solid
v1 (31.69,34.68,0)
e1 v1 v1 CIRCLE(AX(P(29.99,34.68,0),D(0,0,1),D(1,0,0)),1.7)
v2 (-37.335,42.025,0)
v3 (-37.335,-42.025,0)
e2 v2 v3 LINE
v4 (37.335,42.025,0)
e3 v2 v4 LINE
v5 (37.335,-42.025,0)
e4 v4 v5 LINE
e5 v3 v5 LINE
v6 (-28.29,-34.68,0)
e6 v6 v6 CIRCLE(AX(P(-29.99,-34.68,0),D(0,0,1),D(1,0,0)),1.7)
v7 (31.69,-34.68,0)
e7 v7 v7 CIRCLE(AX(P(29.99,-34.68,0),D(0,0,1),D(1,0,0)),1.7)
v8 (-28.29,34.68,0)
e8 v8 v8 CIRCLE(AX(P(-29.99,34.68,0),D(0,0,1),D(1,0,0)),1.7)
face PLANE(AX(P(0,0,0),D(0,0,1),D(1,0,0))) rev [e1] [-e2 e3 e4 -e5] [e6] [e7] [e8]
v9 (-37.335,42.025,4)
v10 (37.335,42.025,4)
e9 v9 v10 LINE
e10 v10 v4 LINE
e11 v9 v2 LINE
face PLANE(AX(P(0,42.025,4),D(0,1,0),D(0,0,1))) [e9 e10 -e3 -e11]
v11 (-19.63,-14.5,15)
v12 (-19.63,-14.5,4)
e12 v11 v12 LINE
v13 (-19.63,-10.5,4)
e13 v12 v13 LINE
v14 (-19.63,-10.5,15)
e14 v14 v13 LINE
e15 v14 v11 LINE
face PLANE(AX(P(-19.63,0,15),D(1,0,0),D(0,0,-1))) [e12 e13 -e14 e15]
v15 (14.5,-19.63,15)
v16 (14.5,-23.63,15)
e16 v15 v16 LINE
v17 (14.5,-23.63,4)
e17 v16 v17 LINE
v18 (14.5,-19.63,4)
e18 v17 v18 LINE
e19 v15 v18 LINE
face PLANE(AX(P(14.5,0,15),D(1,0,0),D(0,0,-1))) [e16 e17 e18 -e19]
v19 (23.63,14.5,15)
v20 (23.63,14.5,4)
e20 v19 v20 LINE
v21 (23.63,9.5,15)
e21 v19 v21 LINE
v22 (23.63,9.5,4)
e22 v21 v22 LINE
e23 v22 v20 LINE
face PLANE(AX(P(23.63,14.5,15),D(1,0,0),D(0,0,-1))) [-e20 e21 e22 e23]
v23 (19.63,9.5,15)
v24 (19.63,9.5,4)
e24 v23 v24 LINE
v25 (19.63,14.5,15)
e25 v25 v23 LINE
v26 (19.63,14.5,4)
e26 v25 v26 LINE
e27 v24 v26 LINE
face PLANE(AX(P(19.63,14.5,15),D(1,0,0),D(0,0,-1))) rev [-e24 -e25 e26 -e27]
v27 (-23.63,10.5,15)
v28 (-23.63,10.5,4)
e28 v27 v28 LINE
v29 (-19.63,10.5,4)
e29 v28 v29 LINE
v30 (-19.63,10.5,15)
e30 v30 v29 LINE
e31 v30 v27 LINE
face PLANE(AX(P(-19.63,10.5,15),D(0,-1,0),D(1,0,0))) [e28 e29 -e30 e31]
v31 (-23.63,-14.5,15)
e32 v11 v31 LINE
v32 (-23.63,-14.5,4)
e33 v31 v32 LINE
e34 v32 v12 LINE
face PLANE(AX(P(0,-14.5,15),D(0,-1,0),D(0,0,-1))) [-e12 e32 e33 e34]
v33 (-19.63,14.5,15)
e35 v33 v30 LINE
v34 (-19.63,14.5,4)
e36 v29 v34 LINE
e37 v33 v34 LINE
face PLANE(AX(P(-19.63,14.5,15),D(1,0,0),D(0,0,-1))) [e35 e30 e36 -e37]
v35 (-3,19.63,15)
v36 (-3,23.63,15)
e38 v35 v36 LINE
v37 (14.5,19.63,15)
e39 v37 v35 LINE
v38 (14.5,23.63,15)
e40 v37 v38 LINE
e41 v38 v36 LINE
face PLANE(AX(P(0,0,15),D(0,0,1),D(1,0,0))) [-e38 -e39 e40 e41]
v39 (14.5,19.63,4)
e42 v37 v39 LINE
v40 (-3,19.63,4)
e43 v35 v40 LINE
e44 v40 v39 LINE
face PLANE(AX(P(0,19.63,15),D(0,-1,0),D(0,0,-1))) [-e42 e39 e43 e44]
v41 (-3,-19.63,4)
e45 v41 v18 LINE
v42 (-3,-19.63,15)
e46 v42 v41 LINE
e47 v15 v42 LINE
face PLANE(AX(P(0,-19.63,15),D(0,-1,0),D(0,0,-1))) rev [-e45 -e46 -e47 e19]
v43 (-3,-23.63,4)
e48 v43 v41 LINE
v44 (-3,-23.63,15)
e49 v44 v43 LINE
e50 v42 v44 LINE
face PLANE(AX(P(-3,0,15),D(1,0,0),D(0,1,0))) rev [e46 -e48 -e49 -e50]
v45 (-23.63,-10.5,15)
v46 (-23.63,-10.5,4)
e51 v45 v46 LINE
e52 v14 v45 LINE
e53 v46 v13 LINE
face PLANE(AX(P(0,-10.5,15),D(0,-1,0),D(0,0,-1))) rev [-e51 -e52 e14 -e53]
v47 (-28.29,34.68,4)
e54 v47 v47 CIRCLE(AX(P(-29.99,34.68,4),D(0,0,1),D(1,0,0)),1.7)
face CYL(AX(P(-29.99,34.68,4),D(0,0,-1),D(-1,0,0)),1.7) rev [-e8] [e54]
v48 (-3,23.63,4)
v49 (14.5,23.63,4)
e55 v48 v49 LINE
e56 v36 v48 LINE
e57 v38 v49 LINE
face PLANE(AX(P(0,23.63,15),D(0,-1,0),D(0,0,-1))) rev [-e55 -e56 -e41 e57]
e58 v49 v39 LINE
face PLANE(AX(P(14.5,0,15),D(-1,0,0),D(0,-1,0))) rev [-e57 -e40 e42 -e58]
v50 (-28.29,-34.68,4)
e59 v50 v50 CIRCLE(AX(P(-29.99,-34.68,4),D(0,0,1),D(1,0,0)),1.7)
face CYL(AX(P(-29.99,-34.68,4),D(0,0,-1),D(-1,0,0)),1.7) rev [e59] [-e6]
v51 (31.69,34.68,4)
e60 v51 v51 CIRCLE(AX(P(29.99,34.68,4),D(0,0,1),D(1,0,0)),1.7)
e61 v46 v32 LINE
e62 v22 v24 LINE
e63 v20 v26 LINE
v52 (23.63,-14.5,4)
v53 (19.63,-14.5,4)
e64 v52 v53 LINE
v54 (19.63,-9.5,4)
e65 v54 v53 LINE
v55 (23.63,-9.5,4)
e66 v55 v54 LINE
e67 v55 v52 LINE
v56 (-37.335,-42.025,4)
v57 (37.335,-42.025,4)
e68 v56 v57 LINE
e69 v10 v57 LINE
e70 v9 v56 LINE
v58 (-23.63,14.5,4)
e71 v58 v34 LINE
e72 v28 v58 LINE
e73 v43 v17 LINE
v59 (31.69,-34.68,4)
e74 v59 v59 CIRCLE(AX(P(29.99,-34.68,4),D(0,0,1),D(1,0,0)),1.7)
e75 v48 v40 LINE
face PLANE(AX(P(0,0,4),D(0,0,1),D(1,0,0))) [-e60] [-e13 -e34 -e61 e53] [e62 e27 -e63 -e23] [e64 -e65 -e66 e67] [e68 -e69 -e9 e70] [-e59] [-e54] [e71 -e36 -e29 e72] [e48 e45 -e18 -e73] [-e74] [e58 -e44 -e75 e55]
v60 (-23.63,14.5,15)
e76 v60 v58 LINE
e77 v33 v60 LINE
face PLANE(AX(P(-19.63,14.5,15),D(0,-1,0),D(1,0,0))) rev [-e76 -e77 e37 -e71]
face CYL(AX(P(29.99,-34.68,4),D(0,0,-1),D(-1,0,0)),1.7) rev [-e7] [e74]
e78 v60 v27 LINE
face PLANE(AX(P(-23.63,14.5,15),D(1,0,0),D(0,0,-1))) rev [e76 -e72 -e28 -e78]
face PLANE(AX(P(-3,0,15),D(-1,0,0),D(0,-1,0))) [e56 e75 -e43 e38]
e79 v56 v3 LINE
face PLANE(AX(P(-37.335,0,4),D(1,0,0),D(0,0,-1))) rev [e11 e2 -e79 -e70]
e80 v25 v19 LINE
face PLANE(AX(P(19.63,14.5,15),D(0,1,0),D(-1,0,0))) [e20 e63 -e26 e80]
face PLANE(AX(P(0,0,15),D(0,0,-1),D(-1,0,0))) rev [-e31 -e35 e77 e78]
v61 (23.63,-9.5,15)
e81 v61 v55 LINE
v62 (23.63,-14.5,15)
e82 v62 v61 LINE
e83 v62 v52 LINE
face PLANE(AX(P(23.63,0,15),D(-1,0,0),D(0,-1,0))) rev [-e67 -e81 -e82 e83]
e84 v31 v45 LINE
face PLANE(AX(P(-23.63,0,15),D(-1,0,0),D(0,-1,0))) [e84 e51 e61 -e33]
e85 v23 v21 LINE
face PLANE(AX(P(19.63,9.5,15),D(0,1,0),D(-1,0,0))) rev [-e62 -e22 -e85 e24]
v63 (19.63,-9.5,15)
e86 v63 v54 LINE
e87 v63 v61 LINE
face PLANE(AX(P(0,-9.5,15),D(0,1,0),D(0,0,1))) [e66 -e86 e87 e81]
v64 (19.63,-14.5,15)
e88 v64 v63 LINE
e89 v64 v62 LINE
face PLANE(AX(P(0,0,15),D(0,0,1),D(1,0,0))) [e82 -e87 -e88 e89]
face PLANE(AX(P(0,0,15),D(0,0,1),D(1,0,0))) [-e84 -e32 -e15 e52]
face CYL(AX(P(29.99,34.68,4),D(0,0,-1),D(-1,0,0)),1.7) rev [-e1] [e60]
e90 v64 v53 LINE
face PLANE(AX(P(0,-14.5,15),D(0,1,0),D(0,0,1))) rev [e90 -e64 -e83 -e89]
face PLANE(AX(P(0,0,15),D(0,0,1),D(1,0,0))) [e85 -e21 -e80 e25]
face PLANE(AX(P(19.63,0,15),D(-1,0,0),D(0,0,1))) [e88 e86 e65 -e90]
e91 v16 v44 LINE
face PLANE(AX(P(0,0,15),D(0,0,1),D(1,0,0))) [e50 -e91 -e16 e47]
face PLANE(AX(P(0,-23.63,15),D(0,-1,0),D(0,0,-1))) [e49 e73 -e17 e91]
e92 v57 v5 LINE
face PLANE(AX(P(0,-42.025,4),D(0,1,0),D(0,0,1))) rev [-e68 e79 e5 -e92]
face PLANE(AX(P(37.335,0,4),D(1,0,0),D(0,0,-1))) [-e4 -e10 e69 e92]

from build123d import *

# Parameters (mm, degrees)
SKETCH2_W           = 74.67
SKETCH2_H           = 84.05
SKETCH2_R           = 1.7
BOSS_EXTRUDE1_DEPTH = 4
SKETCH2_3_W         = 17.5
SKETCH2_3_H         = 4
SKETCH2_3_W_2       = 4
SKETCH2_3_H_2       = 5
BOSS_EXTRUDE2_DEPTH = 15


with BuildPart() as part:
    # Sketch2 → Boss-Extrude1 (new body)
    with BuildSketch(Plane.XY):
        Rectangle(SKETCH2_W, SKETCH2_H)
        with Locations((-29.99, -34.68)):
            Circle(SKETCH2_R, mode=Mode.SUBTRACT)
        with Locations((29.99, -34.68)):
            Circle(SKETCH2_R, mode=Mode.SUBTRACT)
        with Locations((-29.99, 34.68)):
            Circle(SKETCH2_R, mode=Mode.SUBTRACT)
        with Locations((29.99, 34.68)):
            Circle(SKETCH2_R, mode=Mode.SUBTRACT)
    extrude(amount=BOSS_EXTRUDE1_DEPTH)

    # Sketch2<3> → Boss-Extrude2 (add)
    with BuildSketch(Plane.XY):
        with Locations((5.75, -21.63)):
            Rectangle(SKETCH2_3_W, SKETCH2_3_H)
        with Locations((21.63, -12)):
            Rectangle(SKETCH2_3_W_2, SKETCH2_3_H_2)
        with Locations((-21.63, -12.5)):
            Rectangle(SKETCH2_3_W_2, SKETCH2_3_H)
        with Locations((21.63, 12)):
            Rectangle(SKETCH2_3_W_2, SKETCH2_3_H_2)
        with Locations((-21.63, 12.5)):
            Rectangle(SKETCH2_3_W_2, SKETCH2_3_H)
        with Locations((5.75, 21.63)):
            Rectangle(SKETCH2_3_W, SKETCH2_3_H)
    extrude(amount=BOSS_EXTRUDE2_DEPTH)


solid = part.part
